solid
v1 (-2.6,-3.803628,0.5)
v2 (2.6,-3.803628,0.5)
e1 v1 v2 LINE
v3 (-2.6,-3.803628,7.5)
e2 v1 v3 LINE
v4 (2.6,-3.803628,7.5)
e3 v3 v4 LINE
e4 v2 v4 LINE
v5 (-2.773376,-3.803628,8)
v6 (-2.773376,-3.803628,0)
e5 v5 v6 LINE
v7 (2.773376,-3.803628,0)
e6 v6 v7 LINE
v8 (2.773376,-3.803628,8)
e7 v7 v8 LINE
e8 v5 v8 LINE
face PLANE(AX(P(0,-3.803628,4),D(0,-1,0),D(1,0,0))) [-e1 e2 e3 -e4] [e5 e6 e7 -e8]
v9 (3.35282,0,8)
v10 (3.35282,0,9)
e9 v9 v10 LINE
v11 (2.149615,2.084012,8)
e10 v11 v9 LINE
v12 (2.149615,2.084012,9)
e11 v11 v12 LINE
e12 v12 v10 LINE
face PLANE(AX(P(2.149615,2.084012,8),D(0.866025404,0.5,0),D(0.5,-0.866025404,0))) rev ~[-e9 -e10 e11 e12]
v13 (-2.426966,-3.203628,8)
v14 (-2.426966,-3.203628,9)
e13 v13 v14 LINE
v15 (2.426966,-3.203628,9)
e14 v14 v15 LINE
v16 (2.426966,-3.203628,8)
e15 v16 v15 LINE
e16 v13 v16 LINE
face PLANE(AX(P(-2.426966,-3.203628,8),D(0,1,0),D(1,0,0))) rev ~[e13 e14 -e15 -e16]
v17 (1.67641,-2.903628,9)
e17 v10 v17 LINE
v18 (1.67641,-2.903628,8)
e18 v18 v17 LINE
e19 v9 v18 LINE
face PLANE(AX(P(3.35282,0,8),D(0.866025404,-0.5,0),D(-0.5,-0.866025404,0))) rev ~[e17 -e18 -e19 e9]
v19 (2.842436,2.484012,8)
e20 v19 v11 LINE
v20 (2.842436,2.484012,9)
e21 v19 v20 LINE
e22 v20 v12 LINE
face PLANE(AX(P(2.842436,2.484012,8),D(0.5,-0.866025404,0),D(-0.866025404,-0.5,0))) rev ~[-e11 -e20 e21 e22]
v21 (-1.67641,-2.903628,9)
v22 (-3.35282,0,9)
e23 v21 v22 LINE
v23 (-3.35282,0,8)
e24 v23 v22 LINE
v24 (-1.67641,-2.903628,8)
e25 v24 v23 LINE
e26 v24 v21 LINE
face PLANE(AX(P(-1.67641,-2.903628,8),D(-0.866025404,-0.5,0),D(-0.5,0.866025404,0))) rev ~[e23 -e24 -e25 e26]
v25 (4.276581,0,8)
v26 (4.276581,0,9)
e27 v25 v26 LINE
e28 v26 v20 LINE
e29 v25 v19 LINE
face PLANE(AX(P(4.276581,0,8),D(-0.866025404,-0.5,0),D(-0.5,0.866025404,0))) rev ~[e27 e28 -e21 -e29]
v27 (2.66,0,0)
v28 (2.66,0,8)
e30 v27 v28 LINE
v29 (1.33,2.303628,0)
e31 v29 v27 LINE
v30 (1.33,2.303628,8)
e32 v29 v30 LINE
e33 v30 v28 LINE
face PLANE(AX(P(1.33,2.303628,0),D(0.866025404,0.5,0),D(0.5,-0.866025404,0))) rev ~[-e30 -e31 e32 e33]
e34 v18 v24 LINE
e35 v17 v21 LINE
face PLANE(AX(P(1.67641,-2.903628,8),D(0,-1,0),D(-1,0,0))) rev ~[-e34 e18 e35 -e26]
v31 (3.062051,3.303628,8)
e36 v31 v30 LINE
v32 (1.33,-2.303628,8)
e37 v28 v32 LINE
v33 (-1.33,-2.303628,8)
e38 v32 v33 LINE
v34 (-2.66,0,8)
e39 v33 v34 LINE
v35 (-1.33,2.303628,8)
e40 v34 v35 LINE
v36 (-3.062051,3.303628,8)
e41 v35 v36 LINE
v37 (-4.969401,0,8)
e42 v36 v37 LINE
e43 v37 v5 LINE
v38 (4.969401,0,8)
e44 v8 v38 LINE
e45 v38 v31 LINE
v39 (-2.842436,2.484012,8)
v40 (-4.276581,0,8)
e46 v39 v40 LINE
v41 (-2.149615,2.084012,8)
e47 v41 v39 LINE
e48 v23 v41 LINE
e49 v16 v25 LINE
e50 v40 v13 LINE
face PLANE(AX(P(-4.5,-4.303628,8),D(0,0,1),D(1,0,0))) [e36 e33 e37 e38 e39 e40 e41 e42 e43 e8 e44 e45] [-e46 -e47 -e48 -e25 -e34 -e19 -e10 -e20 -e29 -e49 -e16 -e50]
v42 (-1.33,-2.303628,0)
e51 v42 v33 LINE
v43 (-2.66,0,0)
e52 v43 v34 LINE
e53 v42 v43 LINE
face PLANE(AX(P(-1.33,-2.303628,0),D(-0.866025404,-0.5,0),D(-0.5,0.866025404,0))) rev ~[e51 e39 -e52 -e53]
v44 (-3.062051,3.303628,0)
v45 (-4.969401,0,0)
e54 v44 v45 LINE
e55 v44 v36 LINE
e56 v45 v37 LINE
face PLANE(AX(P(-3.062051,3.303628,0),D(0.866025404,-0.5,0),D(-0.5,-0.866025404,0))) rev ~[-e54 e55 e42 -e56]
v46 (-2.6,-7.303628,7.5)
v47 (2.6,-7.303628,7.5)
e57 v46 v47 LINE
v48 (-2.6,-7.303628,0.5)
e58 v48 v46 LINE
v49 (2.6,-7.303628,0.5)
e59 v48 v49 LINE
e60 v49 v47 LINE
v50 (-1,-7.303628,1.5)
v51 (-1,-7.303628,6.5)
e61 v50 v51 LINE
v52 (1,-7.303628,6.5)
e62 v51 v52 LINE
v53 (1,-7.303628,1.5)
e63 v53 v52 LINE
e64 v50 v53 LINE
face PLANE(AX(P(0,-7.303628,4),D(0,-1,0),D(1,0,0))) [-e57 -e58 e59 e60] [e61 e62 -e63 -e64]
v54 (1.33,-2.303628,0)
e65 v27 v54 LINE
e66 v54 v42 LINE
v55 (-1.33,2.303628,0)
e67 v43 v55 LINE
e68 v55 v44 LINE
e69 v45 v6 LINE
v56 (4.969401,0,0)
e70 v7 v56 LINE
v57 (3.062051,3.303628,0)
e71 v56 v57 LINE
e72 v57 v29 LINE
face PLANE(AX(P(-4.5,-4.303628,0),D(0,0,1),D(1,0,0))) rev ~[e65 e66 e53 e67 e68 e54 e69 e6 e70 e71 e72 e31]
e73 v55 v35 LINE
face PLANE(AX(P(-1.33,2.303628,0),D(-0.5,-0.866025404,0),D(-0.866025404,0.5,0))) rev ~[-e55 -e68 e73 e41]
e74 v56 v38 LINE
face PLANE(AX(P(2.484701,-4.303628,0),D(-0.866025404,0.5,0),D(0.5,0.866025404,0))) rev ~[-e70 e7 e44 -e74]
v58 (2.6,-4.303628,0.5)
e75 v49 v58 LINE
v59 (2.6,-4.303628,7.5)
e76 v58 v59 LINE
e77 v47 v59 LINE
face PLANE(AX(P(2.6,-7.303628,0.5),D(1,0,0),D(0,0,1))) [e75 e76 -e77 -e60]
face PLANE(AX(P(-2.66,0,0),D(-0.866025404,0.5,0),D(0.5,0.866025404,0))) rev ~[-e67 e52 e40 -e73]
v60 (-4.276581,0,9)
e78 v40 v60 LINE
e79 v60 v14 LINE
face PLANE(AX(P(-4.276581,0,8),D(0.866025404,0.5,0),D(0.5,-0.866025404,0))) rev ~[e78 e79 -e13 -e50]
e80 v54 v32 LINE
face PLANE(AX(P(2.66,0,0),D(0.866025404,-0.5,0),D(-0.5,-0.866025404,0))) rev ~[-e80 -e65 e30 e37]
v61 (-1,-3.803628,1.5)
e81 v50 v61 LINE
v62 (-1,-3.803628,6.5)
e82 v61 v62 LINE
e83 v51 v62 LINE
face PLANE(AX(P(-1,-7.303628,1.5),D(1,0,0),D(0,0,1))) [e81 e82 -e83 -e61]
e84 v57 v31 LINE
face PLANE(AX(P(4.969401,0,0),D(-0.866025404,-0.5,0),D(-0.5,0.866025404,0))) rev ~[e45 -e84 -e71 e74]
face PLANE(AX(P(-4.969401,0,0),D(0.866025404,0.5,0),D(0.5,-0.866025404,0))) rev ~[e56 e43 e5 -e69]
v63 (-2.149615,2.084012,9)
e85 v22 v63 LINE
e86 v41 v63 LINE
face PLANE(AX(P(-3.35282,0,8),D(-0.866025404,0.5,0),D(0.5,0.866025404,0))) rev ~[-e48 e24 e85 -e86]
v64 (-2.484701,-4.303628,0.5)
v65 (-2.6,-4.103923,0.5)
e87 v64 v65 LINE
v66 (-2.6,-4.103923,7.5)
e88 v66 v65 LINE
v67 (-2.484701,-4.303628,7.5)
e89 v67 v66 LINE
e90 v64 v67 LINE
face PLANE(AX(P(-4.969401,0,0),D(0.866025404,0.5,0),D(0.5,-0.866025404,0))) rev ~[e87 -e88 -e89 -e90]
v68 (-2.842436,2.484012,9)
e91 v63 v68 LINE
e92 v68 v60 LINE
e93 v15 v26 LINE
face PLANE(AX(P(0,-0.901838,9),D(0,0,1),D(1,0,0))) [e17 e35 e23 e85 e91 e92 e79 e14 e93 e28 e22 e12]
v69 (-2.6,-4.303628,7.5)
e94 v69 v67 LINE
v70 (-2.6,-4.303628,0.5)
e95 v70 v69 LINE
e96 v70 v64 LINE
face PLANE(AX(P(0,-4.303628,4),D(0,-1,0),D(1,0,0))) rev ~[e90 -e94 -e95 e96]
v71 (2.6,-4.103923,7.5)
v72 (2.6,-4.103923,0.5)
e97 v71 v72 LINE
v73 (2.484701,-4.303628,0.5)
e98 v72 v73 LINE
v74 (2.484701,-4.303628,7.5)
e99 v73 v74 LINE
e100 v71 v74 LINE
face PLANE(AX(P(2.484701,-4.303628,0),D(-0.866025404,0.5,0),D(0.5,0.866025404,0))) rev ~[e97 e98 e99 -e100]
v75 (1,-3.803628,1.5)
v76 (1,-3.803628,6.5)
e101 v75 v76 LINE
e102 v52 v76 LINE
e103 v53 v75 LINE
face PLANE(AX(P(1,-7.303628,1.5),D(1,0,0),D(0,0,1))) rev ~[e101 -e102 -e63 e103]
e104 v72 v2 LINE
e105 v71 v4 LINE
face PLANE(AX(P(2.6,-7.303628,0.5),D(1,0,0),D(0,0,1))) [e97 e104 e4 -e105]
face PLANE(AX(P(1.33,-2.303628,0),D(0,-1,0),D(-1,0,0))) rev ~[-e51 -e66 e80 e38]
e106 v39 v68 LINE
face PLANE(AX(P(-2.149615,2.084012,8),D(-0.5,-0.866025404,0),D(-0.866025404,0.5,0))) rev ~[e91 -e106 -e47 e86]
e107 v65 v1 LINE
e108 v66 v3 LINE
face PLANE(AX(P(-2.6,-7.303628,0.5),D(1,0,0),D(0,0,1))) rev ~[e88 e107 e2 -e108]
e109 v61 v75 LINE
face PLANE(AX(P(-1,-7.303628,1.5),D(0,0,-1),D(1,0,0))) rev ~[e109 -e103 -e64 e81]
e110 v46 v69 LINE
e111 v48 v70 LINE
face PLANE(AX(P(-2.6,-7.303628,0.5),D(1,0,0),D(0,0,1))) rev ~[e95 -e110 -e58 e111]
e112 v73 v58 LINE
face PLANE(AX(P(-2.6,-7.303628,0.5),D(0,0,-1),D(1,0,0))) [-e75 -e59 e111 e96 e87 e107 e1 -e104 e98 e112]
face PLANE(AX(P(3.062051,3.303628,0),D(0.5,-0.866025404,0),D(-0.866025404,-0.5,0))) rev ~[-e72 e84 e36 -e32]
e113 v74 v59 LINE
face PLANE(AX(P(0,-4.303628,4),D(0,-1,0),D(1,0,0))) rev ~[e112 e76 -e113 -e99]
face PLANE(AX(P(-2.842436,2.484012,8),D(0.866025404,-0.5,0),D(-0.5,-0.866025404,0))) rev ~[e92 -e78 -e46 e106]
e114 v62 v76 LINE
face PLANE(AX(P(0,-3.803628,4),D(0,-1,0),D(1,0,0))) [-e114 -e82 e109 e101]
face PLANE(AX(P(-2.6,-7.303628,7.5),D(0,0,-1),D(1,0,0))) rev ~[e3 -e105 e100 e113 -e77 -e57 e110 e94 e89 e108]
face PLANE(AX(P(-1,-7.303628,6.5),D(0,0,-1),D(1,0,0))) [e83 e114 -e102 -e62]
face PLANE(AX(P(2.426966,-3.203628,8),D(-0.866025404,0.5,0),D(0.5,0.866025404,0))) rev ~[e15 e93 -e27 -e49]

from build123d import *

# Parameters (mm, degrees)
EXTRUDE_1_DEPTH      = 8
SKETCH_2_W           = 9
SKETCH_2_H           = 8
EXTRUDE_2_DEPTH      = 3
SKETCH_3_OUTSIDE_W   = 15.256
SKETCH_3_OUTSIDE_H   = 13.318
SKETCH_3_OUTSIDE_W_2 = 5.2
SKETCH_3_OUTSIDE_H_2 = 7
SKETCH_3_OUTSIDE_W_3 = 2
SKETCH_3_OUTSIDE_H_3 = 5
CUT_EXTRUDE_1_DEPTH  = 3.5
EXTRUDE_3_DEPTH      = 1


with BuildPart() as part:
    # 草图1 → 凸台-拉伸1 (new body)
    with BuildSketch(Plane.XY):
        Polygon((-3.062050808, 3.303627574), (-4.969401077, 0), (-2.484700538, -4.303627574), (2.484700538, -4.303627574), (4.969401077, 0), (3.062050808, 3.303627574), (1.33, 2.303627574), (2.66, 0), (1.33, -2.303627574), (-1.33, -2.303627574), (-2.66, 0), (-1.33, 2.303627574), align=None)
    extrude(amount=EXTRUDE_1_DEPTH)

    # 草图2 → 凸台-拉伸2 (add)
    with BuildSketch(Plane.XZ.offset(4.303627574)):
        with Locations((0, 4)):
            Rectangle(SKETCH_2_W, SKETCH_2_H)
    extrude(amount=EXTRUDE_2_DEPTH)

    # 草图3 outside → 切除-拉伸1 (cut)
    # profile 1 of 2: a face of its own
    with BuildSketch(Plane.XZ.offset(7.303627574)):
        with Locations((0, 4)):
            Rectangle(SKETCH_3_OUTSIDE_W, SKETCH_3_OUTSIDE_H)
        with Locations((0, 4)):
            Rectangle(SKETCH_3_OUTSIDE_W_2, SKETCH_3_OUTSIDE_H_2, mode=Mode.SUBTRACT)
    # profile 2 of 2: a face of its own
    with BuildSketch(Plane.XZ.offset(7.303627574)):
        with Locations((0, 4)):
            Rectangle(SKETCH_3_OUTSIDE_W_3, SKETCH_3_OUTSIDE_H_3)
    extrude(amount=-CUT_EXTRUDE_1_DEPTH, mode=Mode.SUBTRACT)

    # 草图4 → 凸台-拉伸3 (add)
    with BuildSketch(Plane.XY.offset(8)):
        Polygon((-4.276580754, 0), (-2.426965511, -3.203627574), (2.426965511, -3.203627574), (4.276580754, 0), (2.842435565, 2.484012332), (2.149615242, 2.084012332), (3.352820323, 0), (1.676410162, -2.903627574), (-1.676410162, -2.903627574), (-3.352820323, 0), (-2.149615242, 2.084012332), (-2.842435565, 2.484012332), align=None)
    extrude(amount=EXTRUDE_3_DEPTH)


solid = part.part
